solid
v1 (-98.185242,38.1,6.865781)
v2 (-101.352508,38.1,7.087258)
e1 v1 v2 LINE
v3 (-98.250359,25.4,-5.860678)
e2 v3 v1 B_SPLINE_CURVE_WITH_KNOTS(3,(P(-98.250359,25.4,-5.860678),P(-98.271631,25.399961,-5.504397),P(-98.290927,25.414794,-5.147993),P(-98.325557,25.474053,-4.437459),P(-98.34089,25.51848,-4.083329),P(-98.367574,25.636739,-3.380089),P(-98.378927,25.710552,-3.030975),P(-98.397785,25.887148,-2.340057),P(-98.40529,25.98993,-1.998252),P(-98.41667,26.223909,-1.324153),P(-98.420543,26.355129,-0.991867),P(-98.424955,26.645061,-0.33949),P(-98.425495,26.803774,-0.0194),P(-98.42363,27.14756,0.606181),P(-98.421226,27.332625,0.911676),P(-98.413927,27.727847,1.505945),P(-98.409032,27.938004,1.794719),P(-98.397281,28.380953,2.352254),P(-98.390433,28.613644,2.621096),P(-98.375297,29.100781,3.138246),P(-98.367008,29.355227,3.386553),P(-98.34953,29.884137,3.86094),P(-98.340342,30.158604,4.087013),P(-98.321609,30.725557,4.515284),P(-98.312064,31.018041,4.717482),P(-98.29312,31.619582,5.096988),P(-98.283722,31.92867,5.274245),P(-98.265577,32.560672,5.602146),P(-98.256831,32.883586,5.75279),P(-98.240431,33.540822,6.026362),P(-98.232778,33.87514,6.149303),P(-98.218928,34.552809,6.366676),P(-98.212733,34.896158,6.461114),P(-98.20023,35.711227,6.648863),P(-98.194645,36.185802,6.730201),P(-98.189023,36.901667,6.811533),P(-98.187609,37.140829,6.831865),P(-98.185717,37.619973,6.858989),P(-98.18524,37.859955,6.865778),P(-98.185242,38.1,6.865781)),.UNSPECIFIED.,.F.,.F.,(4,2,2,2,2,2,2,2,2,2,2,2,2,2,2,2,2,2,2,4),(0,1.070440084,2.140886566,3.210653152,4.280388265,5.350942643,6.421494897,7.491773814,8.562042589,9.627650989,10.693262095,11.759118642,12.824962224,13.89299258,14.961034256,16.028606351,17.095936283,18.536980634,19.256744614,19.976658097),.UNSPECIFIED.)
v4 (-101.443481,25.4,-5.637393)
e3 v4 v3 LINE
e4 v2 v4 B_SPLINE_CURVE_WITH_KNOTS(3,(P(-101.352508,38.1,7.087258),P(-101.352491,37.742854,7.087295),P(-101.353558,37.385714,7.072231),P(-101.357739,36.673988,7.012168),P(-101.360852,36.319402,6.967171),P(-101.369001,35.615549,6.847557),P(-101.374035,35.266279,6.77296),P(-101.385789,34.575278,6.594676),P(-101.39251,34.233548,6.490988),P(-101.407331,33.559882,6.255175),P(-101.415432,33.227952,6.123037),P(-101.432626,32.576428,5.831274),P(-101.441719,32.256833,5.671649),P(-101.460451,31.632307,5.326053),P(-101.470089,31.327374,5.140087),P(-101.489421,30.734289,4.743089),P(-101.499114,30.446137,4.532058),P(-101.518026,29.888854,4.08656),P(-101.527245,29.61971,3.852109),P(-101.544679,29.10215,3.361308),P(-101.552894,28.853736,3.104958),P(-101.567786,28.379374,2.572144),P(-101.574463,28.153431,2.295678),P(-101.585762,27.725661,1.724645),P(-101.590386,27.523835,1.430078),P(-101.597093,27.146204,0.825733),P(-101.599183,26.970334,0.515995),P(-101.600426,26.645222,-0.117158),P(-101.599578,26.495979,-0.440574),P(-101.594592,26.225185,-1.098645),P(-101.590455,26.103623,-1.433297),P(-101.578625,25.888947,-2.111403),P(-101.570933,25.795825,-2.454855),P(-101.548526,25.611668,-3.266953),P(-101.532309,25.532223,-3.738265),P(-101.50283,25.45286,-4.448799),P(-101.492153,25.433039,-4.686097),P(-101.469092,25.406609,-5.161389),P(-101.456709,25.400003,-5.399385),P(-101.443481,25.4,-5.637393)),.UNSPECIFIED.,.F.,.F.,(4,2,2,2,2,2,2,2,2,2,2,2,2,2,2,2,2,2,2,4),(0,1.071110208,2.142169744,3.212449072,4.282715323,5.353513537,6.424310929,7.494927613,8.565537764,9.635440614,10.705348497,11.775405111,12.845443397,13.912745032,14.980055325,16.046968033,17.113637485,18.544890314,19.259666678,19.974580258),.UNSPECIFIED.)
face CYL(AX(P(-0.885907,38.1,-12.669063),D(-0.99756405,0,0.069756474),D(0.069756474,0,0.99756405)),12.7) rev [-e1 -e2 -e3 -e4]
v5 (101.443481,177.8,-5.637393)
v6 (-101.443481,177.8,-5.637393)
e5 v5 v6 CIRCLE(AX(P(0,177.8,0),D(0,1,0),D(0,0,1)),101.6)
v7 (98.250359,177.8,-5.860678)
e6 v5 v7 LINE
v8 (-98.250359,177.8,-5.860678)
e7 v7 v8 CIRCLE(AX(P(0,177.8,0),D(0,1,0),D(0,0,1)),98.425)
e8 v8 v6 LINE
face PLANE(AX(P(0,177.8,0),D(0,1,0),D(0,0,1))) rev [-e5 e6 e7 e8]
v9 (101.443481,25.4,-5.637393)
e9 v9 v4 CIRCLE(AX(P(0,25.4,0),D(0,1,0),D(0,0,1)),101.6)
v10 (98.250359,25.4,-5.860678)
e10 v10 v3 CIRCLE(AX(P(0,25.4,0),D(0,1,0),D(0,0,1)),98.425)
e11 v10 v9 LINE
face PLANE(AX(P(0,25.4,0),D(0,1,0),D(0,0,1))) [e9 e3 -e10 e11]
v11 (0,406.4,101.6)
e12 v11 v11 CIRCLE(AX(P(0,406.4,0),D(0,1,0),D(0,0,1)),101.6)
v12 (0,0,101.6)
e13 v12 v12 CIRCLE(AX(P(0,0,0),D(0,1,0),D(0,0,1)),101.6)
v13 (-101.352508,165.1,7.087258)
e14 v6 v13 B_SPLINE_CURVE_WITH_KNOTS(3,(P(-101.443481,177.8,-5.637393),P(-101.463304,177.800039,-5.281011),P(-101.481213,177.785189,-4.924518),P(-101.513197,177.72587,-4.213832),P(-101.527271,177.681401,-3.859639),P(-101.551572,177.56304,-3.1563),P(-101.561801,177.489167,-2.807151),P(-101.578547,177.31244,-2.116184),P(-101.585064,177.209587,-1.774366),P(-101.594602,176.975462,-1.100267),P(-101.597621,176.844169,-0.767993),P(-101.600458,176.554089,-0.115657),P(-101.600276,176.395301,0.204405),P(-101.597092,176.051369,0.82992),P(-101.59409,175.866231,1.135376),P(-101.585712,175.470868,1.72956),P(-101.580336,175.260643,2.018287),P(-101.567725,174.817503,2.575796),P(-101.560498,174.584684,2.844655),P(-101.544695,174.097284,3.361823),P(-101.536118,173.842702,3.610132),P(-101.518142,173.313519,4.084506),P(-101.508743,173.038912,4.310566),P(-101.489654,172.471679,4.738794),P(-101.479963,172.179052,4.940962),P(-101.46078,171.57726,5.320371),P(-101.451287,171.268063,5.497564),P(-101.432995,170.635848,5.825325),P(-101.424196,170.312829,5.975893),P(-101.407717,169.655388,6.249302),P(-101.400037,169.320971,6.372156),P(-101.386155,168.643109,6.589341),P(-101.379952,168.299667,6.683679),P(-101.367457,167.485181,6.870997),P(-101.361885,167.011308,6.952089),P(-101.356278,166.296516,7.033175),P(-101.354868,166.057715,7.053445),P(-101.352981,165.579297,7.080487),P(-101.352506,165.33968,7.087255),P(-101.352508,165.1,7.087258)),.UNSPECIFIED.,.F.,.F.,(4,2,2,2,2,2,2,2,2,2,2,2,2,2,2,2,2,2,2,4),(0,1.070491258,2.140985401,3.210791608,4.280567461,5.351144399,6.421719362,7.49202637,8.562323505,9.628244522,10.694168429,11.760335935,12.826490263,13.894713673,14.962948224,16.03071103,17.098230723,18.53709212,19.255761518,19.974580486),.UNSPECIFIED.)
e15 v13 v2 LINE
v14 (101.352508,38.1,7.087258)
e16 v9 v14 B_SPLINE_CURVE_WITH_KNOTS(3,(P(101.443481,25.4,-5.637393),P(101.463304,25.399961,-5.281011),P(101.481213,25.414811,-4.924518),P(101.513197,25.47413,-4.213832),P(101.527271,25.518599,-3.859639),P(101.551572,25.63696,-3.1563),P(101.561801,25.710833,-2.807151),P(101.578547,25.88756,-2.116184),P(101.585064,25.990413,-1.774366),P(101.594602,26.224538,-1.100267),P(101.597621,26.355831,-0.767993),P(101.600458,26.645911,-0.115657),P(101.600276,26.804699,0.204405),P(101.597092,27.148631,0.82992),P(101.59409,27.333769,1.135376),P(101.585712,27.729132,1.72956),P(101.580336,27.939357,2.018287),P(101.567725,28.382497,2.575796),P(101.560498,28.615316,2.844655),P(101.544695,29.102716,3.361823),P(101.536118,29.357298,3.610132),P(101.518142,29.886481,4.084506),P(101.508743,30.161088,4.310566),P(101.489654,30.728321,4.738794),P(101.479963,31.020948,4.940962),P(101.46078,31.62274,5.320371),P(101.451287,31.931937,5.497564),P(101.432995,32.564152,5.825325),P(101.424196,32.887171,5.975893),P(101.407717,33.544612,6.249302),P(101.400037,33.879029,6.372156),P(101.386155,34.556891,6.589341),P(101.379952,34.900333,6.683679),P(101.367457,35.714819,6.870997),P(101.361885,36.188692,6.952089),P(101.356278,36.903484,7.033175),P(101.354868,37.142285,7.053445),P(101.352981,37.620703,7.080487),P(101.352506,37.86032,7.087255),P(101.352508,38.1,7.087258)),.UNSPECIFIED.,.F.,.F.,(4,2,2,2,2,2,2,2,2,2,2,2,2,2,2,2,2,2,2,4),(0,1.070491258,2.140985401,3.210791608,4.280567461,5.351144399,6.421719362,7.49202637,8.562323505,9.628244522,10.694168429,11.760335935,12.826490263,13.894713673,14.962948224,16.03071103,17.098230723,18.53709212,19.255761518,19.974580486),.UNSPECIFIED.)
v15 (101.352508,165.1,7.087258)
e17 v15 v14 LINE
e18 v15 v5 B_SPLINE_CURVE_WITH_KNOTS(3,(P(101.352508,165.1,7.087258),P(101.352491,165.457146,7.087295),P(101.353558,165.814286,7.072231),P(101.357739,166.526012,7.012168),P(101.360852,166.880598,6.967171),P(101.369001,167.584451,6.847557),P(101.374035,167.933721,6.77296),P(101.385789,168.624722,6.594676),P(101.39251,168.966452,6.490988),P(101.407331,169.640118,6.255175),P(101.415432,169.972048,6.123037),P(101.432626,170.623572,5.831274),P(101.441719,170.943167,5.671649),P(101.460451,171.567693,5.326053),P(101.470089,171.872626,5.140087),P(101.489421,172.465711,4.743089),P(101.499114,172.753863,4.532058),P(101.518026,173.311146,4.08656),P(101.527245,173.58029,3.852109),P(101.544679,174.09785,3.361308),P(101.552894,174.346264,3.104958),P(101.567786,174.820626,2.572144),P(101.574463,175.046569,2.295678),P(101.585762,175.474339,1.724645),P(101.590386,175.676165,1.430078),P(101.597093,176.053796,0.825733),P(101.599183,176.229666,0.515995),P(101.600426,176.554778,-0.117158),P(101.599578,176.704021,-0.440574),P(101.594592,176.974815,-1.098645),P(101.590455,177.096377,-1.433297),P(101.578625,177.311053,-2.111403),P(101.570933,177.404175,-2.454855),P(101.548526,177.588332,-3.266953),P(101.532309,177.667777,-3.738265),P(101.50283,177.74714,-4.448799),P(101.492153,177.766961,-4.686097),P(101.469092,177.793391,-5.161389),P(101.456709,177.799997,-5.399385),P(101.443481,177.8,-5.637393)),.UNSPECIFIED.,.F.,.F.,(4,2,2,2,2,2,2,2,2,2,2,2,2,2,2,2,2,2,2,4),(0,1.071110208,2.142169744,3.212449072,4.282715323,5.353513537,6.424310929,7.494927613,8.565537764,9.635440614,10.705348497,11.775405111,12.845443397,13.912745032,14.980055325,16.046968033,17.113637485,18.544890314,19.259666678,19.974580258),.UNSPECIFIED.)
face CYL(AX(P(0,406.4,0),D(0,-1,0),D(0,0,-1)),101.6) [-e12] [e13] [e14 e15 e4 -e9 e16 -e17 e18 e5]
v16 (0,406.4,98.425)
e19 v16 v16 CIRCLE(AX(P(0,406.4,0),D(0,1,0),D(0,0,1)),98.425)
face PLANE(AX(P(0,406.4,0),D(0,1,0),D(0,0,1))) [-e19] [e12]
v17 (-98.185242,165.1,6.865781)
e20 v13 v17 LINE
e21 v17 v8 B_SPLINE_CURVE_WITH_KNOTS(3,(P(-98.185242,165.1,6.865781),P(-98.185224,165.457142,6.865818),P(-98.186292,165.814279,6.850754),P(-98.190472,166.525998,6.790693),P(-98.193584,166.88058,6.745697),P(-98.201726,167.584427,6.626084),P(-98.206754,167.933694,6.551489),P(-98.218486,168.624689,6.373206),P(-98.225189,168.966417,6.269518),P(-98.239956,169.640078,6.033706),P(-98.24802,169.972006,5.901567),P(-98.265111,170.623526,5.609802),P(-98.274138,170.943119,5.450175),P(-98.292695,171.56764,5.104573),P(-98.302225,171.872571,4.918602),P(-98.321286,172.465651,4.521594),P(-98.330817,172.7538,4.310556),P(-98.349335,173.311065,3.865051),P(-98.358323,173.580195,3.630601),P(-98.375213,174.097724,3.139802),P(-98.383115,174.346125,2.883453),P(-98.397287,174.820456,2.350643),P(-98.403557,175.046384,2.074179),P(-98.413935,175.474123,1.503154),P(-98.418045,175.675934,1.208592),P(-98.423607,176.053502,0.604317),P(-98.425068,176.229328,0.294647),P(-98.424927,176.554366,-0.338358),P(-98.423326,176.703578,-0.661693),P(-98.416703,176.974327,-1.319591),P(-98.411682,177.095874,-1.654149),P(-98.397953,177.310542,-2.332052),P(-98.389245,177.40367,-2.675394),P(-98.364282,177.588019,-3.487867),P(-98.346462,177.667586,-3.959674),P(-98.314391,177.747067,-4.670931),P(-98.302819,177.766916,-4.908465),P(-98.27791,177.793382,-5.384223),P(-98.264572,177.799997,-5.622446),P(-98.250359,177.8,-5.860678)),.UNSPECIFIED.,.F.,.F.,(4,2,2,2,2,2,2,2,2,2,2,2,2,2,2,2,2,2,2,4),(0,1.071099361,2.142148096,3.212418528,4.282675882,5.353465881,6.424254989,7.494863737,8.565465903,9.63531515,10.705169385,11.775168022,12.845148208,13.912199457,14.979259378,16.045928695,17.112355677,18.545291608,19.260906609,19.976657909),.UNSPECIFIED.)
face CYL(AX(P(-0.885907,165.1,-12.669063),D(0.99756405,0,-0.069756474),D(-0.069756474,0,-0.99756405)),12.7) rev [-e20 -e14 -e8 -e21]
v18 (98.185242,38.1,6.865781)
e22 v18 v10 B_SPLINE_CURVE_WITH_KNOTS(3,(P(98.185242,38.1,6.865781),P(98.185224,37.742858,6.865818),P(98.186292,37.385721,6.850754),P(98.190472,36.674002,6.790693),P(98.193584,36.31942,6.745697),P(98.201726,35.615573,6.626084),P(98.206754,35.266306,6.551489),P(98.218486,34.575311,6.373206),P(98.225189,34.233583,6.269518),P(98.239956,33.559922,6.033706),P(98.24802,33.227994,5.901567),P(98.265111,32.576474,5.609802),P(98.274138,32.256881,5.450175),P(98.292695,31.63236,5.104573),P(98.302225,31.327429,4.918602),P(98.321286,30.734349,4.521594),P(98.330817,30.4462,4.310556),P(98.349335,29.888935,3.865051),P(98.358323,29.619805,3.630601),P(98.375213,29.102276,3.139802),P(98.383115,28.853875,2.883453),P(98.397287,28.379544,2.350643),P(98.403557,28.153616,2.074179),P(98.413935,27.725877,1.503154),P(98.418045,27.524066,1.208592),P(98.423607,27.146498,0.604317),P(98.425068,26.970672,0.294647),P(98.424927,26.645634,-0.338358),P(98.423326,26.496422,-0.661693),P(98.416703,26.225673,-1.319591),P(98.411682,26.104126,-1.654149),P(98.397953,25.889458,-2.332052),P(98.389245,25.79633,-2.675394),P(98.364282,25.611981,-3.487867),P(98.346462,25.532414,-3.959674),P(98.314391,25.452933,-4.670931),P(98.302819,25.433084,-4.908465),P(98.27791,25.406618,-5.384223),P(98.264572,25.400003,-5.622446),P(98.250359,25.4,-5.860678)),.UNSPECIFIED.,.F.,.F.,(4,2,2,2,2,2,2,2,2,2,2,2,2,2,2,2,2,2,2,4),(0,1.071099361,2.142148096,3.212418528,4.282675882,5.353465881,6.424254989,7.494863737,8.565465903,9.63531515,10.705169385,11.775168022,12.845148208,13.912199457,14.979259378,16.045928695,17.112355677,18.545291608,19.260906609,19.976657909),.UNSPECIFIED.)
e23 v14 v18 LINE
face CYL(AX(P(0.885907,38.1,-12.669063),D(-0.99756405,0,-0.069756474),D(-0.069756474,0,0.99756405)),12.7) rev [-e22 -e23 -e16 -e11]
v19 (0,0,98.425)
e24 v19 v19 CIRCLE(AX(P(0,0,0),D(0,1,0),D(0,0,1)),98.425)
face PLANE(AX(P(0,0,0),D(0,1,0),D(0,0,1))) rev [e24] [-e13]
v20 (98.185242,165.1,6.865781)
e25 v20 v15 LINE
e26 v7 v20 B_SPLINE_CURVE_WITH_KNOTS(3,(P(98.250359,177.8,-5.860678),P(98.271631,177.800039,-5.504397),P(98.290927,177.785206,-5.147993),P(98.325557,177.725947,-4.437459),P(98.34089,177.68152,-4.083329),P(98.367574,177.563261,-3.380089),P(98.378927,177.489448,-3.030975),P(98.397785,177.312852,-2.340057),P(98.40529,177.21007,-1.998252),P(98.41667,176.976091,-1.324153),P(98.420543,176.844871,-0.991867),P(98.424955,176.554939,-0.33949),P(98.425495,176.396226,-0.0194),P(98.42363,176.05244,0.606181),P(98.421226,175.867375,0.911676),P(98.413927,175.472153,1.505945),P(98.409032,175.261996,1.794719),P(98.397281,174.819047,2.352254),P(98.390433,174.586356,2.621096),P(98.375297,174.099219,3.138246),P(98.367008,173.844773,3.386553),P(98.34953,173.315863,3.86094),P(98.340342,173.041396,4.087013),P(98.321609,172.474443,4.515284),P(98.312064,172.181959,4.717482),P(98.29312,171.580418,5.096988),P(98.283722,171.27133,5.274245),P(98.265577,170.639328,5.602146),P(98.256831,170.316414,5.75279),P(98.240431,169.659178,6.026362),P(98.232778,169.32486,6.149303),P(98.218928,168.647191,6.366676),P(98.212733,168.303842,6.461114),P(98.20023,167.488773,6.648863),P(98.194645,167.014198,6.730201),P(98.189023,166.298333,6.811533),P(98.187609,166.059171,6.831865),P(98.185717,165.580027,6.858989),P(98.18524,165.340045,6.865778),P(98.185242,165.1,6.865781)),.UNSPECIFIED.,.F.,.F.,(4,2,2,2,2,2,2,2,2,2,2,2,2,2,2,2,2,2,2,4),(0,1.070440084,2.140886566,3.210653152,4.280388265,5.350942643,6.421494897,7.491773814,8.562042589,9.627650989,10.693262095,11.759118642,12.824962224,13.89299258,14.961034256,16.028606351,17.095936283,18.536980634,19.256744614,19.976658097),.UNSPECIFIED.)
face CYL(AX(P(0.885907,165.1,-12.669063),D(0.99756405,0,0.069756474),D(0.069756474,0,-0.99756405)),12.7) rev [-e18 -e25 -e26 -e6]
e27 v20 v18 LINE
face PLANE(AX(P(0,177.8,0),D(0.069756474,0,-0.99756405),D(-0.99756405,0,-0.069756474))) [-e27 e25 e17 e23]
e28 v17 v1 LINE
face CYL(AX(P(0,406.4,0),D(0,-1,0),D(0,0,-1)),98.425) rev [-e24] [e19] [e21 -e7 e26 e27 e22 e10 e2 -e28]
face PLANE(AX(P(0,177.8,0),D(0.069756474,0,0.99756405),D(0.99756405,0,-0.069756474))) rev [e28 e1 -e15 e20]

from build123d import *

# Parameters (mm, degrees)
SKETCH1_R           = 101.6
SKETCH1_R_2         = 98.425
BOSS_EXTRUDE1_DEPTH = 406.4
CUT_EXTRUDE2_START  = 25.4
CUT_EXTRUDE2_DEPTH  = 152.4
FILLET1_R           = 12.7


with BuildPart() as part:
    # Sketch1 → Boss-Extrude1 (new body)
    with BuildSketch(Plane(origin=(0, 0, 0), x_dir=(1, 0, 0), z_dir=(0, 1, 0))):
        with Locations(Location((0, 0, 0), (0, 0, 270))):
            Circle(SKETCH1_R)
        with Locations(Location((0, 0, 0), (0, 0, 270))):
            Circle(SKETCH1_R_2, mode=Mode.SUBTRACT)
    extrude(amount=BOSS_EXTRUDE1_DEPTH)

    # Sketch3 → Cut-Extrude2 (cut)
    with BuildSketch(Plane(origin=(0, 0, 0), x_dir=(1, 0, 0), z_dir=(0, 1, 0)).offset(CUT_EXTRUDE2_START)):
        with BuildLine():
            Line((-101.352507506, -7.087257732), (-98.185241647, -6.865780928))
            ThreePointArc((-98.185241647, -6.865780928), (-71.983488082, 67.125688589), (0, 98.425))
            Line((0, 98.425), (0, 101.6))
            ThreePointArc((0, 101.6), (-74.305536085, 69.291033382), (-101.352507506, -7.087257732))
        make_face()
        with BuildLine():
            ThreePointArc((98.425, 0), (98.365042149, -3.434982963), (98.185241647, -6.865780928))
            Line((98.185241647, -6.865780928), (101.352507506, -7.087257732))
            ThreePointArc((101.352507506, -7.087257732), (101.538108025, -3.545788865), (101.6, 0))
            ThreePointArc((101.6, 0), (71.842048969, 71.842048969), (0, 101.6))
            Line((0, 101.6), (0, 98.425))
            ThreePointArc((0, 98.425), (69.596984938, 69.596984938), (98.425, 0))
        make_face()
    extrude(amount=CUT_EXTRUDE2_DEPTH, mode=Mode.SUBTRACT)

    # Fillet1
    fillet1_edges = [part.edges().sort_by_distance(p)[0] for p in [
        (99.768874577, 25.4, 6.97651933),
        (-99.768874577, 177.8, 6.97651933),
        (99.768874577, 177.8, 6.97651933),
        (-99.768874577, 25.4, 6.97651933),
    ]]
    fillet(fillet1_edges, radius=FILLET1_R)


solid = part.part
